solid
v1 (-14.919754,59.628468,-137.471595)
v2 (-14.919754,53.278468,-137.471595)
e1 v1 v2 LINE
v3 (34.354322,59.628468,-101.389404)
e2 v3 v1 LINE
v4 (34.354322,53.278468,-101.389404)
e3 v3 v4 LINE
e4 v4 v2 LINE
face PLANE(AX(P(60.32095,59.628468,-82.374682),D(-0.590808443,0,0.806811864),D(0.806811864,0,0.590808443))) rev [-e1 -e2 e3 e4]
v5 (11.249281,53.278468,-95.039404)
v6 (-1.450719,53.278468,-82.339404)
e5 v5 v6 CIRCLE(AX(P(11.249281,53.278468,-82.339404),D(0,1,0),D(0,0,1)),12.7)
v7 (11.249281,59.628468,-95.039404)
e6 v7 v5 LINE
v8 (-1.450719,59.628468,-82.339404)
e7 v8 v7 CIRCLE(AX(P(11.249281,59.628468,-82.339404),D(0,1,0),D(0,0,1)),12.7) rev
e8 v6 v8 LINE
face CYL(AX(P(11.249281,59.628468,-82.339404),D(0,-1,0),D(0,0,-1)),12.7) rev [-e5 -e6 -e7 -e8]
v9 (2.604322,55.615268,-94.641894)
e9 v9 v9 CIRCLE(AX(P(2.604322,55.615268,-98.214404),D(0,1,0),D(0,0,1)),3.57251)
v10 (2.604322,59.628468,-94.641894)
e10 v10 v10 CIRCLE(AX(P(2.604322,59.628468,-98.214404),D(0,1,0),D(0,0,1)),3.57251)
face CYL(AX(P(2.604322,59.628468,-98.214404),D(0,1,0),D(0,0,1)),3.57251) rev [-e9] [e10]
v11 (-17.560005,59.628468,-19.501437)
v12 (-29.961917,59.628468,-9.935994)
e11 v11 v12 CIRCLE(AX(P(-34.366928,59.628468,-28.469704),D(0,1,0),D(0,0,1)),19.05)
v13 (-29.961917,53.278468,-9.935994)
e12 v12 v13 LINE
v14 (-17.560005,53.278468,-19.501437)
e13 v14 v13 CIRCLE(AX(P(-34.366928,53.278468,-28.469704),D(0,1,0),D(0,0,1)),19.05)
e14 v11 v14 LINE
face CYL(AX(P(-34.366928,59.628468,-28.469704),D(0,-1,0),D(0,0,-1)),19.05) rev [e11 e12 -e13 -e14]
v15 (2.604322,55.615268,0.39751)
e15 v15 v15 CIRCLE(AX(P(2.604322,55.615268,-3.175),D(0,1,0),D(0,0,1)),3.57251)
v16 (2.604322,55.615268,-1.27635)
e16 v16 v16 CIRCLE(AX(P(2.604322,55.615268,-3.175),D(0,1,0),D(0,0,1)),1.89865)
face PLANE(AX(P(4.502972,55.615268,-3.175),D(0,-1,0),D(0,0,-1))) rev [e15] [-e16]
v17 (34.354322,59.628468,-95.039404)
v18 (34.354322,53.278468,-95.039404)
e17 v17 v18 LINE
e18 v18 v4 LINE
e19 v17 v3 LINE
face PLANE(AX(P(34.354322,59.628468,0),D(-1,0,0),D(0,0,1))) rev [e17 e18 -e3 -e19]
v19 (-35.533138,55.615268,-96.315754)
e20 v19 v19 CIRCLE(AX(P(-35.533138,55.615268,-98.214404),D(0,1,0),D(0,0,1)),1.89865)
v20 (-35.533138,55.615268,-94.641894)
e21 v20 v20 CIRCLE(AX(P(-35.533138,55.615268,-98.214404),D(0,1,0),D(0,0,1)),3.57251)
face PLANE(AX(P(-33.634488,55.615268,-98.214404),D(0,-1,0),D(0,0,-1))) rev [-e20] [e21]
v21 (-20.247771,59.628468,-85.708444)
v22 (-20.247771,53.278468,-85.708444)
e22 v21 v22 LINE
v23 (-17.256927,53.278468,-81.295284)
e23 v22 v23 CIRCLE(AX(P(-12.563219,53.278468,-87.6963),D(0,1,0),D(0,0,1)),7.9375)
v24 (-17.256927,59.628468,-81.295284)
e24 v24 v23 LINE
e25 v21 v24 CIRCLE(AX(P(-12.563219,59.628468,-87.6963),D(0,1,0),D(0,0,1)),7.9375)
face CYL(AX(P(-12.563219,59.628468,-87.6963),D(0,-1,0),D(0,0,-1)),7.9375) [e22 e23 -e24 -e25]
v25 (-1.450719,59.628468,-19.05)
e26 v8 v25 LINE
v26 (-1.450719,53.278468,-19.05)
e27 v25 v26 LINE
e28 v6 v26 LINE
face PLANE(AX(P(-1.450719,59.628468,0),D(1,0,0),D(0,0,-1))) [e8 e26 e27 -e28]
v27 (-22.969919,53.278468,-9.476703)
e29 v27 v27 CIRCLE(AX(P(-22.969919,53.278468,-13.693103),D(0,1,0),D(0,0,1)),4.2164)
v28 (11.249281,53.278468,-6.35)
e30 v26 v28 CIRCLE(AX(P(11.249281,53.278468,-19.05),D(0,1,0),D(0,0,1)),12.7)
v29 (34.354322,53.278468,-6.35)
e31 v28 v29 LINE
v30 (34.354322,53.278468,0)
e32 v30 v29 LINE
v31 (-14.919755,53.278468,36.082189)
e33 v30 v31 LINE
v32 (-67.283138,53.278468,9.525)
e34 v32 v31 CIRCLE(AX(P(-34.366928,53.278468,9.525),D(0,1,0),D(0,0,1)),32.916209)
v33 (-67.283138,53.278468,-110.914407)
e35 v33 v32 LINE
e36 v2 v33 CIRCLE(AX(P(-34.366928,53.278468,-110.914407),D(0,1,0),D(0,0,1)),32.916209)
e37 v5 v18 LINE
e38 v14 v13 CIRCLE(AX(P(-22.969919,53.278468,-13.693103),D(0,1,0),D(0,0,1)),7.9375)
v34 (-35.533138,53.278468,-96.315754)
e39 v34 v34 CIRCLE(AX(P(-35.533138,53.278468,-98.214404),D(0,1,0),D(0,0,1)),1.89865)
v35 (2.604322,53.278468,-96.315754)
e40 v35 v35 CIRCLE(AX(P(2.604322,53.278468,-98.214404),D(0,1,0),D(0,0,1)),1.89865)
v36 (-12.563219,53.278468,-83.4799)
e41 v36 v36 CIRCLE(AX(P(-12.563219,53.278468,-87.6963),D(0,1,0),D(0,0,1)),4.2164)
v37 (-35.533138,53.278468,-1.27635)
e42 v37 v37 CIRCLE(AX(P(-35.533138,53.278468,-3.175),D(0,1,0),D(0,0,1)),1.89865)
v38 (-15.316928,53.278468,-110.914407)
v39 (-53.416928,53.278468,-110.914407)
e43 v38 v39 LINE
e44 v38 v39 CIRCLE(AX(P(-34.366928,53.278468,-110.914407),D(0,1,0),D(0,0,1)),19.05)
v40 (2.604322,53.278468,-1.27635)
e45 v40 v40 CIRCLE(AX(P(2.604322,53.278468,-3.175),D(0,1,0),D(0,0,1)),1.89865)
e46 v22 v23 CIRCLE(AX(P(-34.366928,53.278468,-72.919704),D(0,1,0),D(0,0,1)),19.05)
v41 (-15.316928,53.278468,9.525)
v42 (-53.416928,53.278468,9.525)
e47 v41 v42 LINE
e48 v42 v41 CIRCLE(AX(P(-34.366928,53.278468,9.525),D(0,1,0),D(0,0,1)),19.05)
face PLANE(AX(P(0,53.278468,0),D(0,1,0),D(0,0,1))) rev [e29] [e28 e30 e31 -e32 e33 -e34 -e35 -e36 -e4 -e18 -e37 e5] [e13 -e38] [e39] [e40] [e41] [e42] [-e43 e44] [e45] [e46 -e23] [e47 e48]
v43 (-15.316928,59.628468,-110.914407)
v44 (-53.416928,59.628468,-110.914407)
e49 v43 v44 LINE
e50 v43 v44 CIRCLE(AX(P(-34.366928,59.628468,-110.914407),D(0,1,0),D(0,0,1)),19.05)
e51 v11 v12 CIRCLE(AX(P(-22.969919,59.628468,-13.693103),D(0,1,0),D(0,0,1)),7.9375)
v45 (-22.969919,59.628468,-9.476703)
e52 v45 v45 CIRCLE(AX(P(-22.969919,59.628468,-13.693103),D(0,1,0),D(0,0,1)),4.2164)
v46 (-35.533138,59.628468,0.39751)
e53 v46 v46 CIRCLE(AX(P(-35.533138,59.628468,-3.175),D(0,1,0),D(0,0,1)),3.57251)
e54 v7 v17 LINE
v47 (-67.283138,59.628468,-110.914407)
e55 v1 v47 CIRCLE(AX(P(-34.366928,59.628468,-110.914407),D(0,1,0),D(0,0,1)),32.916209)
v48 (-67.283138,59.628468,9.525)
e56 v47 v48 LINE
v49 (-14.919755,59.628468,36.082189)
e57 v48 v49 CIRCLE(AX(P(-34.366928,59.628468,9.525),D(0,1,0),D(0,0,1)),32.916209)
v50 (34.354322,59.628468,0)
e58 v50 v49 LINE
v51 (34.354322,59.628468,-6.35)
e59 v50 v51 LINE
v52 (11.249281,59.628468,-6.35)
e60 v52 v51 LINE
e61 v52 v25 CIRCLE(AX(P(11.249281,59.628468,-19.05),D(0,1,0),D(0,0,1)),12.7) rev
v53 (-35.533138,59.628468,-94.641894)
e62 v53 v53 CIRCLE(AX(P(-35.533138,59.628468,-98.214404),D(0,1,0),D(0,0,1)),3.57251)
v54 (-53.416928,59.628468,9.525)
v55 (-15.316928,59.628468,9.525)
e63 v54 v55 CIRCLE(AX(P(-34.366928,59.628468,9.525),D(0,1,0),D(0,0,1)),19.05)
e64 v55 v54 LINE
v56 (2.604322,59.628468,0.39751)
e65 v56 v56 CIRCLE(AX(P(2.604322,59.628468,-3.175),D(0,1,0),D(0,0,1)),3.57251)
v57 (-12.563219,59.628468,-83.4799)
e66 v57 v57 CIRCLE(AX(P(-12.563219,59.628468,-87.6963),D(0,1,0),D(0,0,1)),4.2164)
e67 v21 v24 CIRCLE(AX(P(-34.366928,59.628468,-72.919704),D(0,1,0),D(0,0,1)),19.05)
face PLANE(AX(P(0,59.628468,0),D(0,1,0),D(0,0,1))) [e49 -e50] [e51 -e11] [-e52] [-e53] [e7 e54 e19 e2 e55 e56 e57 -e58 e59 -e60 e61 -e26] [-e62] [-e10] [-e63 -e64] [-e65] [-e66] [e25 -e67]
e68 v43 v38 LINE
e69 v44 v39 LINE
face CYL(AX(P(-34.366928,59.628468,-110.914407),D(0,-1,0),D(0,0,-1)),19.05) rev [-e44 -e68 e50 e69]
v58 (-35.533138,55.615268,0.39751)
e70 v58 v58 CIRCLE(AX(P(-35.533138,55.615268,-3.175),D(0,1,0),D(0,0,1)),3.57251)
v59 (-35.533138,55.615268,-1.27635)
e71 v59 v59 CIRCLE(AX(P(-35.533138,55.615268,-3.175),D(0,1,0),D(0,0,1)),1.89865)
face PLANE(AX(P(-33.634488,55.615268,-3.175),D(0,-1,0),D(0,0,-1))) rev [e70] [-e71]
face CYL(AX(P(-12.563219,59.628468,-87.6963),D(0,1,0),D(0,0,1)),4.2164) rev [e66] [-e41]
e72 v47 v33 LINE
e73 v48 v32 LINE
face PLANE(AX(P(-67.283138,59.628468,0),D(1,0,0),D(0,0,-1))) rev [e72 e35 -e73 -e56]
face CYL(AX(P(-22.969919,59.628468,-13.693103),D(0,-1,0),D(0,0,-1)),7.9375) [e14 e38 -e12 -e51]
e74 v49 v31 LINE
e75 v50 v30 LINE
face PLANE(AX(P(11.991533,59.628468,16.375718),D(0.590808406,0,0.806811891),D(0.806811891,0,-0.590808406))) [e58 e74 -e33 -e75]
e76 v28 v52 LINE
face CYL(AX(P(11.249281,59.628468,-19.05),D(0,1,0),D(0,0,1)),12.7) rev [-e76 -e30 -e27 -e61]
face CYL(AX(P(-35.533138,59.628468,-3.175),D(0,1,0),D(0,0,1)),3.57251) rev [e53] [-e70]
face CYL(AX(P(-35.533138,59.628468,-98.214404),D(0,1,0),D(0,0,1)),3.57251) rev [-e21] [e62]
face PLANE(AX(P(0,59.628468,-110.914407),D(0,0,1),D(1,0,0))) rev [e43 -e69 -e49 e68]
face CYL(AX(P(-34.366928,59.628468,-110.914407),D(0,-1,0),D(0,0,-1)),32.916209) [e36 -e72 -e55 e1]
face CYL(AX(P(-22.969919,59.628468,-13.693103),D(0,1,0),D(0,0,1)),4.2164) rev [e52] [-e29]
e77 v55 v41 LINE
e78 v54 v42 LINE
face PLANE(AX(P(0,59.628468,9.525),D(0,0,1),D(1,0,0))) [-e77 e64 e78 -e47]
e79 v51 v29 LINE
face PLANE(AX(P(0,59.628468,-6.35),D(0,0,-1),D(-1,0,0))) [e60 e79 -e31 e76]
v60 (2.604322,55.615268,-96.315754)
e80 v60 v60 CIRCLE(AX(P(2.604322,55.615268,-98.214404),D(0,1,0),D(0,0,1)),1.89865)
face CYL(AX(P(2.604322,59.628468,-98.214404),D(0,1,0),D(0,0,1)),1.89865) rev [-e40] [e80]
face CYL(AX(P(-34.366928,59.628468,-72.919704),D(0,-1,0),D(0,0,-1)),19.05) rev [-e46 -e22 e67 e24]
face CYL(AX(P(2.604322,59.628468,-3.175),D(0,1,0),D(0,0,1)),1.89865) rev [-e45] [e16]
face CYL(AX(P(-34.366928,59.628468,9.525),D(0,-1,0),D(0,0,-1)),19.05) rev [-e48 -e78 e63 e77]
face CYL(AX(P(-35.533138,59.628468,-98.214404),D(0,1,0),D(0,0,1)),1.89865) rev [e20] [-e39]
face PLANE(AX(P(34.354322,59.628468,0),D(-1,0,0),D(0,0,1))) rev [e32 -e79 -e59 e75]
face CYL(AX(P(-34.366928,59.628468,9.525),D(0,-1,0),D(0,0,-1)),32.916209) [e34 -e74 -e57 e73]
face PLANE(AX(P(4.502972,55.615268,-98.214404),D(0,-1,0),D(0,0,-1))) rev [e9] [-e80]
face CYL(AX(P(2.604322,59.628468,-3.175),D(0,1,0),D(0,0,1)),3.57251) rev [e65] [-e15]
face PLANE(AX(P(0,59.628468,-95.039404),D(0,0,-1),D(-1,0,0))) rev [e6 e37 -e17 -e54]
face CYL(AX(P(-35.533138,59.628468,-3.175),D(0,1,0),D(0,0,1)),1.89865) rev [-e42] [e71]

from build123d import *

# Parameters (mm, degrees)
BOSS_EXTRUDE1_DEPTH                            = 6.35
FILLET1_R                                      = 12.7
TAP_DRILL_FOR_3_8_24_TAP1_D                    = 8.4328
CBORE_FOR_6_SOCKET_HEAD_CAP_SCREW1_D           = 3.7973
CBORE_FOR_6_SOCKET_HEAD_CAP_SCREW1_CBORE_D     = 7.14502
CBORE_FOR_6_SOCKET_HEAD_CAP_SCREW1_CBORE_DEPTH = 4.0132


with BuildPart() as part:
    # Sketch1 → Boss-Extrude1 (new body)
    with BuildSketch(Plane(origin=(0, 53.278467802, 0), x_dir=(1, 0, 0), z_dir=(0, 1, 0))):
        with BuildLine():
            ThreePointArc((-14.919754069, 137.471595351), (-49.255675468, 140.270872374), (-67.283137827, 110.914407139))
            Line((-67.283137827, 110.914407139), (-67.283137827, -9.525))
            ThreePointArc((-67.283137827, -9.525), (-49.255676138, -38.881464895), (-14.919755281, -36.0821891))
            Line((-14.919755281, -36.0821891), (34.354322218, 0))
            Line((34.354322218, 0), (34.354322218, 6.35))
            Line((34.354322218, 6.35), (-1.450719122, 6.35))
            Line((-1.450719122, 6.35), (-1.450719122, 95.039403682))
            Line((-1.450719122, 95.039403682), (34.354322218, 95.039403682))
            Line((34.354322218, 95.039403682), (34.354322218, 101.389403682))
            Line((34.354322218, 101.389403682), (-14.919754069, 137.471595351))
        make_face()
        with BuildLine():
            Line((-53.416928475, -9.525), (-34.366928475, -9.525))
            Line((-34.366928475, -9.525), (-15.316928475, -9.525))
            ThreePointArc((-15.316928475, -9.525), (-34.366928475, -28.575), (-53.416928475, -9.525))
        make_face(mode=Mode.SUBTRACT)
        with BuildLine():
            ThreePointArc((-29.961916932, 9.935994461), (-46.001401892, 43.554183286), (-17.560004644, 19.501436661))
            ThreePointArc((-17.560004644, 19.501436661), (-27.817615961, 19.978303209), (-29.961916932, 9.935994461))
        make_face(mode=Mode.SUBTRACT)
        with BuildLine():
            ThreePointArc((-17.256926776, 81.295283661), (-50.136649325, 62.232402493), (-20.247770765, 85.708444148))
            ThreePointArc((-20.247770765, 85.708444148), (-19.133936144, 83.24325824), (-17.256926776, 81.295283661))
        make_face(mode=Mode.SUBTRACT)
        with BuildLine():
            Line((-34.366928475, 110.914407139), (-53.416928475, 110.914407139))
            ThreePointArc((-53.416928475, 110.914407139), (-34.366928475, 129.964407139), (-15.316928475, 110.914407139))
            Line((-15.316928475, 110.914407139), (-34.366928475, 110.914407139))
        make_face(mode=Mode.SUBTRACT)
    extrude(amount=BOSS_EXTRUDE1_DEPTH)

    # Fillet1
    fillet1_edges = [part.edges().sort_by_distance(p)[0] for p in [
        (-1.450719122, 56.453467802, -6.35),
        (-1.450719122, 56.453467802, -95.039403682),
    ]]
    fillet(fillet1_edges, radius=FILLET1_R)

    # Tap Drill for 3/8-24 Tap1 (through all)
    with Locations(Plane(origin=(0, 59.628467802, 0), x_dir=(1, 0, 0), z_dir=(0, 1, 0))):
        with Locations((-22.969918704, 13.693103328), (-12.563219122, 87.696300355)):
            Hole(TAP_DRILL_FOR_3_8_24_TAP1_D / 2)

    # CBORE for #6 Socket Head Cap Screw1 (through all)
    with Locations(Plane(origin=(0, 59.628467802, 0), x_dir=(1, 0, 0), z_dir=(0, 1, 0))):
        with Locations((2.604322218, 3.175), (-35.533137827, 3.175), (-35.533137827, 98.214403682), (2.604322218, 98.214403682)):
            CounterBoreHole(CBORE_FOR_6_SOCKET_HEAD_CAP_SCREW1_D / 2, CBORE_FOR_6_SOCKET_HEAD_CAP_SCREW1_CBORE_D / 2, CBORE_FOR_6_SOCKET_HEAD_CAP_SCREW1_CBORE_DEPTH)


solid = part.part
